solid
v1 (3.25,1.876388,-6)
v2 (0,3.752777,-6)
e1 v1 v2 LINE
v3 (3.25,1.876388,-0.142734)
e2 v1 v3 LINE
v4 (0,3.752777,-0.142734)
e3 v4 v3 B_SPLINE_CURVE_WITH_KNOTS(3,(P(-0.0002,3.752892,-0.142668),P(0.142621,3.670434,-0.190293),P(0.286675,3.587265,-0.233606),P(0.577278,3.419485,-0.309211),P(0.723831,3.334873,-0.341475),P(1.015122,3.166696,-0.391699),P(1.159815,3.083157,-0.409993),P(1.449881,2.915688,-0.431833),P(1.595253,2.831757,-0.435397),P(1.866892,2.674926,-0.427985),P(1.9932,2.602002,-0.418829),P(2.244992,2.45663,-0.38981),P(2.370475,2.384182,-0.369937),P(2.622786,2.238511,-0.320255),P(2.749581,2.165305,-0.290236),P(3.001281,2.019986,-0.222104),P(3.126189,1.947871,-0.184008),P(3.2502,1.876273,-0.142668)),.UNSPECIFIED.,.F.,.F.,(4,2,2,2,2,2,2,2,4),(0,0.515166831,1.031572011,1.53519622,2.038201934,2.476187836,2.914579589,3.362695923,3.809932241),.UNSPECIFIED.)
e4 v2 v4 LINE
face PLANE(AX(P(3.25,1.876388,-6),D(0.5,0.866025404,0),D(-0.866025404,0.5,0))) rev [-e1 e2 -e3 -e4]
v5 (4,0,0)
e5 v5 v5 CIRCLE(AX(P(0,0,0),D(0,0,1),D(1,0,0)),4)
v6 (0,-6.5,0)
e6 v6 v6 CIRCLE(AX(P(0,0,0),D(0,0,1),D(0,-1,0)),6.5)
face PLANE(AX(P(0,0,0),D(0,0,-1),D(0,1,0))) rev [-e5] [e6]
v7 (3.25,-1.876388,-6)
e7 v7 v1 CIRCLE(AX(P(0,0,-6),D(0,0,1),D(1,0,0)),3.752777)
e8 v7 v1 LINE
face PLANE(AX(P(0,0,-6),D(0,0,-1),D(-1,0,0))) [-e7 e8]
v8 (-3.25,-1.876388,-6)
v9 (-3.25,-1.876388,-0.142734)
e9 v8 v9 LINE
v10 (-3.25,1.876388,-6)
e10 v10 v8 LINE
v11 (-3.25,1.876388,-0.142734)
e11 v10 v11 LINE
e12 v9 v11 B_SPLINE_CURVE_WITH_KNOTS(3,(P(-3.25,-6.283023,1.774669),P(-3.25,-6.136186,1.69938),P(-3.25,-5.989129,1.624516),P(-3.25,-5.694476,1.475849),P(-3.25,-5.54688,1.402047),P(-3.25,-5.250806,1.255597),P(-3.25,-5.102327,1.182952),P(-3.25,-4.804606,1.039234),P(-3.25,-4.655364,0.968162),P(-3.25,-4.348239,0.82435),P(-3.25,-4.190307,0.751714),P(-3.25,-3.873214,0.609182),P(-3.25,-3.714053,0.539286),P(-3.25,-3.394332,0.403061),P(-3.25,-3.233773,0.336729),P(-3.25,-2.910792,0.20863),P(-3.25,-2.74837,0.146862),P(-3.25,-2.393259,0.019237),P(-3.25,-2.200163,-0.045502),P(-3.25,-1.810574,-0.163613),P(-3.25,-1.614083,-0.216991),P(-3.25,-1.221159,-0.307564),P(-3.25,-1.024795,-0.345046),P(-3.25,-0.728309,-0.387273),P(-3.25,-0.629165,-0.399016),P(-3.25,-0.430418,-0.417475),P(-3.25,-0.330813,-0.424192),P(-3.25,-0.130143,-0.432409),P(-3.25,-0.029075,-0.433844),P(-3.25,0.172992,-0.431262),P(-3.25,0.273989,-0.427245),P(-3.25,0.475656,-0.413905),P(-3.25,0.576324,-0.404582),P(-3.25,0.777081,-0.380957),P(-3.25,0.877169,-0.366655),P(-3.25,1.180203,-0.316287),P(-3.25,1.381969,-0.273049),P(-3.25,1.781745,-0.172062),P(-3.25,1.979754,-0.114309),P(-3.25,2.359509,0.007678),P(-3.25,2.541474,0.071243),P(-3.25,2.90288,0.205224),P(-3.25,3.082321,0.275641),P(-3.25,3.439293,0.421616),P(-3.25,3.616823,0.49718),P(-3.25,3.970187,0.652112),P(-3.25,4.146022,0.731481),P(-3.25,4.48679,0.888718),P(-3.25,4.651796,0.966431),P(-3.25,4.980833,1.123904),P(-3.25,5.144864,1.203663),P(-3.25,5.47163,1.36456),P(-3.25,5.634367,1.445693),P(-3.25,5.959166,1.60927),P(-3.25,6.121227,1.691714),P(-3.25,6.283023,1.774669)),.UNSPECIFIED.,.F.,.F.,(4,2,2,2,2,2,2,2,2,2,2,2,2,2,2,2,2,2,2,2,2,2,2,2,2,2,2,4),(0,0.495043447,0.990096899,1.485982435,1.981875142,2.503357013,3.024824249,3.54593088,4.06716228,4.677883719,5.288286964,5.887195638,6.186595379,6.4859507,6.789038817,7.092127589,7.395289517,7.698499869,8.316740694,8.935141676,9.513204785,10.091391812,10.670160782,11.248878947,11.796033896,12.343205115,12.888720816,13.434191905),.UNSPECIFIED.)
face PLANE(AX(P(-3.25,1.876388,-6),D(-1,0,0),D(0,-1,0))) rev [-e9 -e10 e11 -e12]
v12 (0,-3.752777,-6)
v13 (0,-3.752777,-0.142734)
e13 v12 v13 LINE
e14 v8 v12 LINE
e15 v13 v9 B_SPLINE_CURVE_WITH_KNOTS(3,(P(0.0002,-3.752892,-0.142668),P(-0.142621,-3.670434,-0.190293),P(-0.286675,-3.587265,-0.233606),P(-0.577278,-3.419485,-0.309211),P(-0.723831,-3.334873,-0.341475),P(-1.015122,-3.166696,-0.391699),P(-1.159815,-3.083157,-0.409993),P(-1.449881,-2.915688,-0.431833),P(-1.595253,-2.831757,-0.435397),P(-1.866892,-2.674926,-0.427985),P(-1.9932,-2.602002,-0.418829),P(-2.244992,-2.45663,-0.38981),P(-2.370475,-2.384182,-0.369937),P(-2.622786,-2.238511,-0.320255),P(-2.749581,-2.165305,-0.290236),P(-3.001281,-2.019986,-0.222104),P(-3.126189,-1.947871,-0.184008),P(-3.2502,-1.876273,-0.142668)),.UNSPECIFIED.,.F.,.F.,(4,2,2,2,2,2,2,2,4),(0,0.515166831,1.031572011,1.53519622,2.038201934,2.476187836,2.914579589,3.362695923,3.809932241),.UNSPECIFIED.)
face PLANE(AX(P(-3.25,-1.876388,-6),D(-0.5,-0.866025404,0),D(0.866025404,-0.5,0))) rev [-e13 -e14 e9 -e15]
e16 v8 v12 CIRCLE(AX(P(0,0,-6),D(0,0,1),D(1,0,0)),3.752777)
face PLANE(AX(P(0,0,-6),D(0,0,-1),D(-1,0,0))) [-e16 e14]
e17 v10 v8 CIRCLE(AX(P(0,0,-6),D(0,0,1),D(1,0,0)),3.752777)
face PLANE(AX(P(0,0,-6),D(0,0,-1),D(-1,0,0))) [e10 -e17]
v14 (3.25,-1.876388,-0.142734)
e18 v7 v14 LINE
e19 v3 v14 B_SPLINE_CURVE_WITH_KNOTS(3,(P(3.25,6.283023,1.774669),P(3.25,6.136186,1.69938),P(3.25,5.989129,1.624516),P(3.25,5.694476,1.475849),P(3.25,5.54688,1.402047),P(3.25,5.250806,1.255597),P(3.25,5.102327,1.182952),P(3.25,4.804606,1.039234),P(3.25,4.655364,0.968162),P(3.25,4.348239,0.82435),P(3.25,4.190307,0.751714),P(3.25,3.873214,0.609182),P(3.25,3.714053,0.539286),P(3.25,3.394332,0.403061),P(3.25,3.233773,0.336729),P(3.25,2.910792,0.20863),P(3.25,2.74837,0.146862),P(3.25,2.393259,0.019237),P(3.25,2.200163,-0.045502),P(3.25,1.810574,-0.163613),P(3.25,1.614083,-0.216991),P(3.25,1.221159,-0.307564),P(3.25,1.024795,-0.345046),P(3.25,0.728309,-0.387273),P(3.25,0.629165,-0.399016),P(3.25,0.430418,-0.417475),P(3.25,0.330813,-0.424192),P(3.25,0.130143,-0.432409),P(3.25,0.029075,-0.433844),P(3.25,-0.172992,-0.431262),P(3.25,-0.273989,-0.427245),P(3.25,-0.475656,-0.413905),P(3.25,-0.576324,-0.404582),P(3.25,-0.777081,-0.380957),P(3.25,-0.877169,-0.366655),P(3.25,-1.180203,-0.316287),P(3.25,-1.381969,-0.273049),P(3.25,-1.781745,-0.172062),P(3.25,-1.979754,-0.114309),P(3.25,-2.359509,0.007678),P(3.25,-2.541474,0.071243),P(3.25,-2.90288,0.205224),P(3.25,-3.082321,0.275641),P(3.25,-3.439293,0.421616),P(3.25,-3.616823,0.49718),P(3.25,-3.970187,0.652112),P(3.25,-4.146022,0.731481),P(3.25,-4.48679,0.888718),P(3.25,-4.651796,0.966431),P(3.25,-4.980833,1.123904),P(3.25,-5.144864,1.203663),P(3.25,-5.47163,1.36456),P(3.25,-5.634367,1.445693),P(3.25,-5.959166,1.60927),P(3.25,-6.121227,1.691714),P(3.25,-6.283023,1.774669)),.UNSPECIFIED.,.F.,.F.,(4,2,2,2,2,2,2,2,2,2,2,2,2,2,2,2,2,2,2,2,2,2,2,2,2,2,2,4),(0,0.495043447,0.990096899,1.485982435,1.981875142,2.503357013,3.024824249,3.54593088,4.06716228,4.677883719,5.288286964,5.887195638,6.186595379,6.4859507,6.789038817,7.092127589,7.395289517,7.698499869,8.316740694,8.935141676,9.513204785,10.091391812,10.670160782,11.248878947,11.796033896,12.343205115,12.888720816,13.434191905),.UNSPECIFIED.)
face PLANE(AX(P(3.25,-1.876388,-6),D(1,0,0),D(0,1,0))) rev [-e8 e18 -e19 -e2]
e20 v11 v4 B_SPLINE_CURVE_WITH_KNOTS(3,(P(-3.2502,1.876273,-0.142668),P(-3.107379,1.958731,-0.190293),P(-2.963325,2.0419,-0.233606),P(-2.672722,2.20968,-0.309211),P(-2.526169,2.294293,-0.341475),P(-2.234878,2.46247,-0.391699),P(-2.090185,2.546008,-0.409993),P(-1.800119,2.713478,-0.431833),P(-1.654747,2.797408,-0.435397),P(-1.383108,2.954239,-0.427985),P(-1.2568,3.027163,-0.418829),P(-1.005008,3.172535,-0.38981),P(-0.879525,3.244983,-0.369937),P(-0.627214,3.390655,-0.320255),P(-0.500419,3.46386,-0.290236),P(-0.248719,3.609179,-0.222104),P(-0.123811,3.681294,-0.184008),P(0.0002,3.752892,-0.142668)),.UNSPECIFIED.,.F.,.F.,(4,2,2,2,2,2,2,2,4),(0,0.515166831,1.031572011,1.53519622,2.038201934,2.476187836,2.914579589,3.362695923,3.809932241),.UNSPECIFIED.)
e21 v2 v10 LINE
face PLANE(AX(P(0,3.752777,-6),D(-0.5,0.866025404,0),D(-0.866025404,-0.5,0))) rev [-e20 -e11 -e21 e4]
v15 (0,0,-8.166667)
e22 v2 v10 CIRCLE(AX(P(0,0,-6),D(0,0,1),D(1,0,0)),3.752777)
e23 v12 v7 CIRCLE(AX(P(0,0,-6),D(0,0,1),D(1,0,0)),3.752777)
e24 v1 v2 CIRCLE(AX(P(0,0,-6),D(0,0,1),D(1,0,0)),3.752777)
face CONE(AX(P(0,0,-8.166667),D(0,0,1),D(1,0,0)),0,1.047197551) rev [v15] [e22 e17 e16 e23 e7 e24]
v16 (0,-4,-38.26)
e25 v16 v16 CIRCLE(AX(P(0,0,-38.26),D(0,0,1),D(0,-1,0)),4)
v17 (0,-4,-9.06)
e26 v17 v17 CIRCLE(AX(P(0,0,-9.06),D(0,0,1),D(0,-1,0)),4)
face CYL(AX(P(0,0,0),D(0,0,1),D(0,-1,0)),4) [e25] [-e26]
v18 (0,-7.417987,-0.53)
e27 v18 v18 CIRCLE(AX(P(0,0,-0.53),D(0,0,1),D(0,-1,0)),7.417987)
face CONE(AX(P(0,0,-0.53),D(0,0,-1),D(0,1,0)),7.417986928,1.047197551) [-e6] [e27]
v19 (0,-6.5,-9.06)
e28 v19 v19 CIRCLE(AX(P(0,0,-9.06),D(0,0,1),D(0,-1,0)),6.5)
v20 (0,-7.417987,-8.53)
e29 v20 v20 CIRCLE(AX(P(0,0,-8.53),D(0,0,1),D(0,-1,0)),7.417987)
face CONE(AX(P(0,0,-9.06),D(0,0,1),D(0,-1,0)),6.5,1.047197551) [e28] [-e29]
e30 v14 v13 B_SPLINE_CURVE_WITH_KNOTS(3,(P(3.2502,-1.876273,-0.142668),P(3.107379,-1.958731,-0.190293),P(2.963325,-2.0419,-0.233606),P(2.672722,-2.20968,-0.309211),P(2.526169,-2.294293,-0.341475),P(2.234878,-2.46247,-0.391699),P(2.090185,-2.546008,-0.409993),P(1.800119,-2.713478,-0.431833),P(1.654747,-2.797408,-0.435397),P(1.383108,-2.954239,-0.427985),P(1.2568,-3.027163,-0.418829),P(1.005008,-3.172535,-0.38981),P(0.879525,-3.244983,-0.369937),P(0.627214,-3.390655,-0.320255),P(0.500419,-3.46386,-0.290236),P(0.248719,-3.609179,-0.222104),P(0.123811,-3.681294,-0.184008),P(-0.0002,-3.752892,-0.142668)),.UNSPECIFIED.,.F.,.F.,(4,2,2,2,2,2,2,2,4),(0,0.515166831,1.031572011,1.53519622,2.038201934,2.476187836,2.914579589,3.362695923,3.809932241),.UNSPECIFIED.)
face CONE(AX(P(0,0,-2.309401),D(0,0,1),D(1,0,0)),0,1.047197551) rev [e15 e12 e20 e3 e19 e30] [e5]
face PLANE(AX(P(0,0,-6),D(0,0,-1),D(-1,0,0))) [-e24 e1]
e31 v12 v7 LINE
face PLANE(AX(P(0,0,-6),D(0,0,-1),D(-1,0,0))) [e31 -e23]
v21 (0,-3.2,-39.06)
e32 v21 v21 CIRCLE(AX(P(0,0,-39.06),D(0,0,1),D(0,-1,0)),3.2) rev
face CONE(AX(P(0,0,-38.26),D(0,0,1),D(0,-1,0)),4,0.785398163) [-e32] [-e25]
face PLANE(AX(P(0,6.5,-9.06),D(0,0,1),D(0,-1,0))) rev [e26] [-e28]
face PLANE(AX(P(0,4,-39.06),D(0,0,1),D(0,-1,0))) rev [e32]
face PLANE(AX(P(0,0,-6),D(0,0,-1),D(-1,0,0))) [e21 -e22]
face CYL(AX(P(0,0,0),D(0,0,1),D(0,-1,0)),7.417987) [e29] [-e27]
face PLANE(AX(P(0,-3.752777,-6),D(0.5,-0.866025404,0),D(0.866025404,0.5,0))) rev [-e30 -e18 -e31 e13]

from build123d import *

# Parameters (mm, degrees)
CHAMFER1_SIZE      = 0.8
CUT_EXTRUDE1_DEPTH = 6


with BuildPart() as part:
    # Sketch1 → Revolve1 (revolve)
    with BuildSketch(Plane(origin=(0, 0, 0), x_dir=(0, 0, -1), z_dir=(1, 0, 0))):
        Polygon((0, 0), (0, 6.5), (0.53, 7.417986928), (8.53, 7.417986928), (9.06, 6.5), (9.06, 4), (39.06, 4), (39.06, 0), align=None)
    revolve(axis=Axis((0, 0, 0), (0, 0, -1)))

    # Chamfer1
    chamfer1_edges = [part.edges().sort_by_distance(p)[0] for p in [
        (0, -4, -39.06),
    ]]
    chamfer(chamfer1_edges, length=CHAMFER1_SIZE)

    # Sketch2 → Cut-Extrude1 (cut)
    with BuildSketch(Plane.XY):
        Polygon((3.25, -1.876388375), (3.25, 1.876388375), (0, 3.75277675), (-3.25, 1.876388375), (-3.25, -1.876388375), (0, -3.75277675), align=None)
    extrude(amount=-CUT_EXTRUDE1_DEPTH, mode=Mode.SUBTRACT)

    # Sketch3 → Cut-Revolve1 (revolve, cut)
    with BuildSketch(Plane(origin=(0, 0, 0), x_dir=(0, 0, -1), z_dir=(1, 0, 0))):
        Polygon((0, 0), (0, 4), (2.309401077, 0), align=None)
        Polygon((8.166666667, 0), (6, 0), (6, 3.75277675), align=None)
    revolve(axis=Axis((0, 0, 0), (0, 0, -1)), mode=Mode.SUBTRACT)


solid = part.part
